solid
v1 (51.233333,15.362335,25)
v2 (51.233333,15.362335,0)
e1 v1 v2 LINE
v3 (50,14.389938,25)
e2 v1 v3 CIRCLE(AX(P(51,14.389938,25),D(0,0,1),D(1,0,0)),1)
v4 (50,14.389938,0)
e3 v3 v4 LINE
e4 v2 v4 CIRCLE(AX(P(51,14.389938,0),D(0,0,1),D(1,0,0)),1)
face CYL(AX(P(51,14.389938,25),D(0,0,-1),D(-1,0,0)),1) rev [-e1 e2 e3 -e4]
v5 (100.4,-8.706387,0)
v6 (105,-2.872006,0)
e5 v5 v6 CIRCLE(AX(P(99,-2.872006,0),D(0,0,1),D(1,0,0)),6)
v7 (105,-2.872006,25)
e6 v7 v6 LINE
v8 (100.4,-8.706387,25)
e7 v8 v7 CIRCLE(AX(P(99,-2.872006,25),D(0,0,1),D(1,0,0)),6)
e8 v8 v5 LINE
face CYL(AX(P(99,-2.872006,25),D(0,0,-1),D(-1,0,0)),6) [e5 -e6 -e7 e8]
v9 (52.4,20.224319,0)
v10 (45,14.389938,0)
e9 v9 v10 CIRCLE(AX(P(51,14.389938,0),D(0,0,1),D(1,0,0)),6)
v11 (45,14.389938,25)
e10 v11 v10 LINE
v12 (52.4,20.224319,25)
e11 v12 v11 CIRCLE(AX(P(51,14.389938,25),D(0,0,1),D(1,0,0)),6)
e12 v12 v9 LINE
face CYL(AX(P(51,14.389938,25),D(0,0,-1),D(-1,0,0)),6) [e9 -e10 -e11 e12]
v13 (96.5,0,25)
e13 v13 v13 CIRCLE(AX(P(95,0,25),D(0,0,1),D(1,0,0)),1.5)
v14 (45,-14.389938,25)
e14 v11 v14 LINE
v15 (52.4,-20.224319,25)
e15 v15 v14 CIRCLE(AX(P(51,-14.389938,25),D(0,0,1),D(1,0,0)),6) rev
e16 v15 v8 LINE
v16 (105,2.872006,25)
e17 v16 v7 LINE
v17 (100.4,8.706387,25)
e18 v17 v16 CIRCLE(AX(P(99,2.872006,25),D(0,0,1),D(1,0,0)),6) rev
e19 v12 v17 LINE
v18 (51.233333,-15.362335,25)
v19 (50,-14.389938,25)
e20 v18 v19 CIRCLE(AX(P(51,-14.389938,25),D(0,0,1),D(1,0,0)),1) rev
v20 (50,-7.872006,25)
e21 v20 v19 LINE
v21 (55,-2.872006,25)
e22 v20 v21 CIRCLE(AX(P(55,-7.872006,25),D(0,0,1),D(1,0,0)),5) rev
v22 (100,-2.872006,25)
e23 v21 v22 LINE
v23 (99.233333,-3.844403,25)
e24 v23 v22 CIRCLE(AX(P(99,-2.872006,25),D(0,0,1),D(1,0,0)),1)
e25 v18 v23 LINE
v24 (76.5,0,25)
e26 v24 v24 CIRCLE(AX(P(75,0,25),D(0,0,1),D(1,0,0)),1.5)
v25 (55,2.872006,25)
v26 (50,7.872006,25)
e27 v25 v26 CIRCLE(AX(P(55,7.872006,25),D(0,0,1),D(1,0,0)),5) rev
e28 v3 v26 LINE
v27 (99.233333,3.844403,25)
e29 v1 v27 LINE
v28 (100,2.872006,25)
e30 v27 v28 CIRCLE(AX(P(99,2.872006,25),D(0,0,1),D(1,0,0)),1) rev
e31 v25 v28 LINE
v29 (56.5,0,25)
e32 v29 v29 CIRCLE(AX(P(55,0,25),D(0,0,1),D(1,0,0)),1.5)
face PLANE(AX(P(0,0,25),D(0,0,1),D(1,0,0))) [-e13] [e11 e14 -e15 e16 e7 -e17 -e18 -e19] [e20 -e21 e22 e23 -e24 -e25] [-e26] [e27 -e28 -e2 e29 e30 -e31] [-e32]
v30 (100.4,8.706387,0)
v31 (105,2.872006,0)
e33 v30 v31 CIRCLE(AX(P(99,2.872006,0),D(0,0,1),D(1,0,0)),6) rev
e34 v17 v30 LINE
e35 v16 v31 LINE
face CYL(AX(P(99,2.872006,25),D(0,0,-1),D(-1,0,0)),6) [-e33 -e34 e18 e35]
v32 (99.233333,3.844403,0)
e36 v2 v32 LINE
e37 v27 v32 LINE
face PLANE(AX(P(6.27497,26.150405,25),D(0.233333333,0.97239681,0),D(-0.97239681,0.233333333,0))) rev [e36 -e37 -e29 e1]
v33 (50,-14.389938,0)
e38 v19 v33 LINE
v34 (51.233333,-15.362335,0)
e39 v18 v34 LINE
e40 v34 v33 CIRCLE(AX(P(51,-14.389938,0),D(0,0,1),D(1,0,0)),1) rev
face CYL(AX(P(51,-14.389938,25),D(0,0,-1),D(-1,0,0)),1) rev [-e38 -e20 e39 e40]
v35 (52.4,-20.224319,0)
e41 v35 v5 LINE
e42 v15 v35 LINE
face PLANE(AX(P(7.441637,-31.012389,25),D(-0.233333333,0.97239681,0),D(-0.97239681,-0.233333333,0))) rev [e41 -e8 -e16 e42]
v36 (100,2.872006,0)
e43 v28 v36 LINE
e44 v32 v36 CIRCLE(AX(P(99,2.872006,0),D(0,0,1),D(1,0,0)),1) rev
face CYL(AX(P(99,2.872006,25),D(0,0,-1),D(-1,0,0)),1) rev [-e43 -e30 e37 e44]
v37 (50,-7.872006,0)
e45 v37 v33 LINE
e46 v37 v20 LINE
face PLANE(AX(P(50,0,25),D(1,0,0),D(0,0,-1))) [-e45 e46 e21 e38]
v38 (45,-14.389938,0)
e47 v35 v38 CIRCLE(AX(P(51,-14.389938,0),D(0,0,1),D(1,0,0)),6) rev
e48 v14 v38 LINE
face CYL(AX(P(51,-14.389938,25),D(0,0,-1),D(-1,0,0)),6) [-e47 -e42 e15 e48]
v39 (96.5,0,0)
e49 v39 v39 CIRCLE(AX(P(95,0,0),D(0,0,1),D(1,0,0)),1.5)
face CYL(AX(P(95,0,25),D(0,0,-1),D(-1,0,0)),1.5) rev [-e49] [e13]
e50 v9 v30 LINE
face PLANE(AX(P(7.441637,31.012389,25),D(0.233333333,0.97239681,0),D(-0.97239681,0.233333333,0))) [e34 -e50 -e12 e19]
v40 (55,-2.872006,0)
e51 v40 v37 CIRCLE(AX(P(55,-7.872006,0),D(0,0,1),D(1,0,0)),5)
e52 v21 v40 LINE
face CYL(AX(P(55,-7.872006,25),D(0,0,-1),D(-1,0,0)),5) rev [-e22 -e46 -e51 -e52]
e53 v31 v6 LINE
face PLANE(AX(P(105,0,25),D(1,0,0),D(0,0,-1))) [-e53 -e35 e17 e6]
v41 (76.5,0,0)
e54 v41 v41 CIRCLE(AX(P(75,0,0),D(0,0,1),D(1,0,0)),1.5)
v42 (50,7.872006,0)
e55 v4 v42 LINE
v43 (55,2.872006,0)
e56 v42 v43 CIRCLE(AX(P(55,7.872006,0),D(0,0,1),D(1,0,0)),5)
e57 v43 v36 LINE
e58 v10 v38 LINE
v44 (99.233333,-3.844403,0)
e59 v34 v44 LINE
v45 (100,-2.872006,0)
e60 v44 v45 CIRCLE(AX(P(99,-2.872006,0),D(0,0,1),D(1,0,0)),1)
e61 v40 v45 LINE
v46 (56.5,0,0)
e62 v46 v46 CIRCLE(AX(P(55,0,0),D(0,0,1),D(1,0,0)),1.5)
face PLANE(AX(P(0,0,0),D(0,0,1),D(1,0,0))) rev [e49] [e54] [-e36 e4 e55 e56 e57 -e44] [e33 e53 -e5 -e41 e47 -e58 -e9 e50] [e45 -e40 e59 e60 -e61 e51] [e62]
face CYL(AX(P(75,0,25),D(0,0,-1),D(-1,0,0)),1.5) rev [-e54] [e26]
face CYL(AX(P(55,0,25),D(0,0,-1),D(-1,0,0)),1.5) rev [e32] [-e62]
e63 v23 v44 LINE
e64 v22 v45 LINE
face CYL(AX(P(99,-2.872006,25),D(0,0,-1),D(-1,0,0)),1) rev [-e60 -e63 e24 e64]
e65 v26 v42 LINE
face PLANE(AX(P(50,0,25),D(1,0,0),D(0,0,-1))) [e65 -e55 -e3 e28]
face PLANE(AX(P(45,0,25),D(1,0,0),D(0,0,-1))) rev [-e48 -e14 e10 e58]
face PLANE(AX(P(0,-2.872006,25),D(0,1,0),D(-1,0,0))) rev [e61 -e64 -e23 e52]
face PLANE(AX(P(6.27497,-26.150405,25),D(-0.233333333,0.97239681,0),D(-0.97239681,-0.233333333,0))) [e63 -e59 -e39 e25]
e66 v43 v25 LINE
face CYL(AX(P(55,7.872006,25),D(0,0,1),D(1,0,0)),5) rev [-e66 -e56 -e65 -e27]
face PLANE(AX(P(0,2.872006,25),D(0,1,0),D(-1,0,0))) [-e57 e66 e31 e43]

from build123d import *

# Parameters (mm, degrees)
SKETCH1_R           = 1.5
BOSS_EXTRUDE1_DEPTH = 25
FILLET1_R           = 5


with BuildPart() as part:
    # Sketch1 → Boss-Extrude1 (new body)
    with BuildSketch(Plane.XY):
        with BuildLine():
            Line((45, 14.389938011), (45, -14.389938011))
            ThreePointArc((45, -14.389938011), (47.285164876, -19.101625607), (52.4, -20.224318869))
            Line((52.4, -20.224318869), (100.4, -8.70638721))
            ThreePointArc((100.4, -8.70638721), (103.711687596, -6.586841476), (105, -2.872006352))
            Line((105, -2.872006352), (105, 2.872006352))
            ThreePointArc((105, 2.872006352), (103.711687596, 6.586841476), (100.4, 8.70638721))
            Line((100.4, 8.70638721), (52.4, 20.224318869))
            ThreePointArc((52.4, 20.224318869), (47.285164876, 19.101625607), (45, 14.389938011))
        make_face()
        with Locations((75, 0)):
            Circle(SKETCH1_R, mode=Mode.SUBTRACT)
        with Locations((95, 0)):
            Circle(SKETCH1_R, mode=Mode.SUBTRACT)
        with Locations((55, 0)):
            Circle(SKETCH1_R, mode=Mode.SUBTRACT)
        with BuildLine():
            Line((51.233333333, 15.362334821), (99.233333333, 3.844403161))
            ThreePointArc((99.233333333, 3.844403161), (99.785281266, 3.491145539), (100, 2.872006352))
            Line((100, 2.872006352), (50, 2.872006352))
            Line((50, 2.872006352), (50, 14.389938011))
            ThreePointArc((50, 14.389938011), (50.380860813, 15.175219277), (51.233333333, 15.362334821))
        make_face(mode=Mode.SUBTRACT)
        with BuildLine():
            Line((51.233333333, -15.362334821), (99.233333333, -3.844403161))
            ThreePointArc((99.233333333, -3.844403161), (99.785281266, -3.491145539), (100, -2.872006352))
            Line((100, -2.872006352), (50, -2.872006352))
            Line((50, -2.872006352), (50, -14.389938011))
            ThreePointArc((50, -14.389938011), (50.380860813, -15.175219277), (51.233333333, -15.362334821))
        make_face(mode=Mode.SUBTRACT)
    extrude(amount=BOSS_EXTRUDE1_DEPTH)

    # Fillet1
    fillet1_edges = [part.edges().sort_by_distance(p)[0] for p in [
        (50, -2.872006352, 12.5),
        (50, 2.872006352, 12.5),
    ]]
    fillet(fillet1_edges, radius=FILLET1_R)


solid = part.part
